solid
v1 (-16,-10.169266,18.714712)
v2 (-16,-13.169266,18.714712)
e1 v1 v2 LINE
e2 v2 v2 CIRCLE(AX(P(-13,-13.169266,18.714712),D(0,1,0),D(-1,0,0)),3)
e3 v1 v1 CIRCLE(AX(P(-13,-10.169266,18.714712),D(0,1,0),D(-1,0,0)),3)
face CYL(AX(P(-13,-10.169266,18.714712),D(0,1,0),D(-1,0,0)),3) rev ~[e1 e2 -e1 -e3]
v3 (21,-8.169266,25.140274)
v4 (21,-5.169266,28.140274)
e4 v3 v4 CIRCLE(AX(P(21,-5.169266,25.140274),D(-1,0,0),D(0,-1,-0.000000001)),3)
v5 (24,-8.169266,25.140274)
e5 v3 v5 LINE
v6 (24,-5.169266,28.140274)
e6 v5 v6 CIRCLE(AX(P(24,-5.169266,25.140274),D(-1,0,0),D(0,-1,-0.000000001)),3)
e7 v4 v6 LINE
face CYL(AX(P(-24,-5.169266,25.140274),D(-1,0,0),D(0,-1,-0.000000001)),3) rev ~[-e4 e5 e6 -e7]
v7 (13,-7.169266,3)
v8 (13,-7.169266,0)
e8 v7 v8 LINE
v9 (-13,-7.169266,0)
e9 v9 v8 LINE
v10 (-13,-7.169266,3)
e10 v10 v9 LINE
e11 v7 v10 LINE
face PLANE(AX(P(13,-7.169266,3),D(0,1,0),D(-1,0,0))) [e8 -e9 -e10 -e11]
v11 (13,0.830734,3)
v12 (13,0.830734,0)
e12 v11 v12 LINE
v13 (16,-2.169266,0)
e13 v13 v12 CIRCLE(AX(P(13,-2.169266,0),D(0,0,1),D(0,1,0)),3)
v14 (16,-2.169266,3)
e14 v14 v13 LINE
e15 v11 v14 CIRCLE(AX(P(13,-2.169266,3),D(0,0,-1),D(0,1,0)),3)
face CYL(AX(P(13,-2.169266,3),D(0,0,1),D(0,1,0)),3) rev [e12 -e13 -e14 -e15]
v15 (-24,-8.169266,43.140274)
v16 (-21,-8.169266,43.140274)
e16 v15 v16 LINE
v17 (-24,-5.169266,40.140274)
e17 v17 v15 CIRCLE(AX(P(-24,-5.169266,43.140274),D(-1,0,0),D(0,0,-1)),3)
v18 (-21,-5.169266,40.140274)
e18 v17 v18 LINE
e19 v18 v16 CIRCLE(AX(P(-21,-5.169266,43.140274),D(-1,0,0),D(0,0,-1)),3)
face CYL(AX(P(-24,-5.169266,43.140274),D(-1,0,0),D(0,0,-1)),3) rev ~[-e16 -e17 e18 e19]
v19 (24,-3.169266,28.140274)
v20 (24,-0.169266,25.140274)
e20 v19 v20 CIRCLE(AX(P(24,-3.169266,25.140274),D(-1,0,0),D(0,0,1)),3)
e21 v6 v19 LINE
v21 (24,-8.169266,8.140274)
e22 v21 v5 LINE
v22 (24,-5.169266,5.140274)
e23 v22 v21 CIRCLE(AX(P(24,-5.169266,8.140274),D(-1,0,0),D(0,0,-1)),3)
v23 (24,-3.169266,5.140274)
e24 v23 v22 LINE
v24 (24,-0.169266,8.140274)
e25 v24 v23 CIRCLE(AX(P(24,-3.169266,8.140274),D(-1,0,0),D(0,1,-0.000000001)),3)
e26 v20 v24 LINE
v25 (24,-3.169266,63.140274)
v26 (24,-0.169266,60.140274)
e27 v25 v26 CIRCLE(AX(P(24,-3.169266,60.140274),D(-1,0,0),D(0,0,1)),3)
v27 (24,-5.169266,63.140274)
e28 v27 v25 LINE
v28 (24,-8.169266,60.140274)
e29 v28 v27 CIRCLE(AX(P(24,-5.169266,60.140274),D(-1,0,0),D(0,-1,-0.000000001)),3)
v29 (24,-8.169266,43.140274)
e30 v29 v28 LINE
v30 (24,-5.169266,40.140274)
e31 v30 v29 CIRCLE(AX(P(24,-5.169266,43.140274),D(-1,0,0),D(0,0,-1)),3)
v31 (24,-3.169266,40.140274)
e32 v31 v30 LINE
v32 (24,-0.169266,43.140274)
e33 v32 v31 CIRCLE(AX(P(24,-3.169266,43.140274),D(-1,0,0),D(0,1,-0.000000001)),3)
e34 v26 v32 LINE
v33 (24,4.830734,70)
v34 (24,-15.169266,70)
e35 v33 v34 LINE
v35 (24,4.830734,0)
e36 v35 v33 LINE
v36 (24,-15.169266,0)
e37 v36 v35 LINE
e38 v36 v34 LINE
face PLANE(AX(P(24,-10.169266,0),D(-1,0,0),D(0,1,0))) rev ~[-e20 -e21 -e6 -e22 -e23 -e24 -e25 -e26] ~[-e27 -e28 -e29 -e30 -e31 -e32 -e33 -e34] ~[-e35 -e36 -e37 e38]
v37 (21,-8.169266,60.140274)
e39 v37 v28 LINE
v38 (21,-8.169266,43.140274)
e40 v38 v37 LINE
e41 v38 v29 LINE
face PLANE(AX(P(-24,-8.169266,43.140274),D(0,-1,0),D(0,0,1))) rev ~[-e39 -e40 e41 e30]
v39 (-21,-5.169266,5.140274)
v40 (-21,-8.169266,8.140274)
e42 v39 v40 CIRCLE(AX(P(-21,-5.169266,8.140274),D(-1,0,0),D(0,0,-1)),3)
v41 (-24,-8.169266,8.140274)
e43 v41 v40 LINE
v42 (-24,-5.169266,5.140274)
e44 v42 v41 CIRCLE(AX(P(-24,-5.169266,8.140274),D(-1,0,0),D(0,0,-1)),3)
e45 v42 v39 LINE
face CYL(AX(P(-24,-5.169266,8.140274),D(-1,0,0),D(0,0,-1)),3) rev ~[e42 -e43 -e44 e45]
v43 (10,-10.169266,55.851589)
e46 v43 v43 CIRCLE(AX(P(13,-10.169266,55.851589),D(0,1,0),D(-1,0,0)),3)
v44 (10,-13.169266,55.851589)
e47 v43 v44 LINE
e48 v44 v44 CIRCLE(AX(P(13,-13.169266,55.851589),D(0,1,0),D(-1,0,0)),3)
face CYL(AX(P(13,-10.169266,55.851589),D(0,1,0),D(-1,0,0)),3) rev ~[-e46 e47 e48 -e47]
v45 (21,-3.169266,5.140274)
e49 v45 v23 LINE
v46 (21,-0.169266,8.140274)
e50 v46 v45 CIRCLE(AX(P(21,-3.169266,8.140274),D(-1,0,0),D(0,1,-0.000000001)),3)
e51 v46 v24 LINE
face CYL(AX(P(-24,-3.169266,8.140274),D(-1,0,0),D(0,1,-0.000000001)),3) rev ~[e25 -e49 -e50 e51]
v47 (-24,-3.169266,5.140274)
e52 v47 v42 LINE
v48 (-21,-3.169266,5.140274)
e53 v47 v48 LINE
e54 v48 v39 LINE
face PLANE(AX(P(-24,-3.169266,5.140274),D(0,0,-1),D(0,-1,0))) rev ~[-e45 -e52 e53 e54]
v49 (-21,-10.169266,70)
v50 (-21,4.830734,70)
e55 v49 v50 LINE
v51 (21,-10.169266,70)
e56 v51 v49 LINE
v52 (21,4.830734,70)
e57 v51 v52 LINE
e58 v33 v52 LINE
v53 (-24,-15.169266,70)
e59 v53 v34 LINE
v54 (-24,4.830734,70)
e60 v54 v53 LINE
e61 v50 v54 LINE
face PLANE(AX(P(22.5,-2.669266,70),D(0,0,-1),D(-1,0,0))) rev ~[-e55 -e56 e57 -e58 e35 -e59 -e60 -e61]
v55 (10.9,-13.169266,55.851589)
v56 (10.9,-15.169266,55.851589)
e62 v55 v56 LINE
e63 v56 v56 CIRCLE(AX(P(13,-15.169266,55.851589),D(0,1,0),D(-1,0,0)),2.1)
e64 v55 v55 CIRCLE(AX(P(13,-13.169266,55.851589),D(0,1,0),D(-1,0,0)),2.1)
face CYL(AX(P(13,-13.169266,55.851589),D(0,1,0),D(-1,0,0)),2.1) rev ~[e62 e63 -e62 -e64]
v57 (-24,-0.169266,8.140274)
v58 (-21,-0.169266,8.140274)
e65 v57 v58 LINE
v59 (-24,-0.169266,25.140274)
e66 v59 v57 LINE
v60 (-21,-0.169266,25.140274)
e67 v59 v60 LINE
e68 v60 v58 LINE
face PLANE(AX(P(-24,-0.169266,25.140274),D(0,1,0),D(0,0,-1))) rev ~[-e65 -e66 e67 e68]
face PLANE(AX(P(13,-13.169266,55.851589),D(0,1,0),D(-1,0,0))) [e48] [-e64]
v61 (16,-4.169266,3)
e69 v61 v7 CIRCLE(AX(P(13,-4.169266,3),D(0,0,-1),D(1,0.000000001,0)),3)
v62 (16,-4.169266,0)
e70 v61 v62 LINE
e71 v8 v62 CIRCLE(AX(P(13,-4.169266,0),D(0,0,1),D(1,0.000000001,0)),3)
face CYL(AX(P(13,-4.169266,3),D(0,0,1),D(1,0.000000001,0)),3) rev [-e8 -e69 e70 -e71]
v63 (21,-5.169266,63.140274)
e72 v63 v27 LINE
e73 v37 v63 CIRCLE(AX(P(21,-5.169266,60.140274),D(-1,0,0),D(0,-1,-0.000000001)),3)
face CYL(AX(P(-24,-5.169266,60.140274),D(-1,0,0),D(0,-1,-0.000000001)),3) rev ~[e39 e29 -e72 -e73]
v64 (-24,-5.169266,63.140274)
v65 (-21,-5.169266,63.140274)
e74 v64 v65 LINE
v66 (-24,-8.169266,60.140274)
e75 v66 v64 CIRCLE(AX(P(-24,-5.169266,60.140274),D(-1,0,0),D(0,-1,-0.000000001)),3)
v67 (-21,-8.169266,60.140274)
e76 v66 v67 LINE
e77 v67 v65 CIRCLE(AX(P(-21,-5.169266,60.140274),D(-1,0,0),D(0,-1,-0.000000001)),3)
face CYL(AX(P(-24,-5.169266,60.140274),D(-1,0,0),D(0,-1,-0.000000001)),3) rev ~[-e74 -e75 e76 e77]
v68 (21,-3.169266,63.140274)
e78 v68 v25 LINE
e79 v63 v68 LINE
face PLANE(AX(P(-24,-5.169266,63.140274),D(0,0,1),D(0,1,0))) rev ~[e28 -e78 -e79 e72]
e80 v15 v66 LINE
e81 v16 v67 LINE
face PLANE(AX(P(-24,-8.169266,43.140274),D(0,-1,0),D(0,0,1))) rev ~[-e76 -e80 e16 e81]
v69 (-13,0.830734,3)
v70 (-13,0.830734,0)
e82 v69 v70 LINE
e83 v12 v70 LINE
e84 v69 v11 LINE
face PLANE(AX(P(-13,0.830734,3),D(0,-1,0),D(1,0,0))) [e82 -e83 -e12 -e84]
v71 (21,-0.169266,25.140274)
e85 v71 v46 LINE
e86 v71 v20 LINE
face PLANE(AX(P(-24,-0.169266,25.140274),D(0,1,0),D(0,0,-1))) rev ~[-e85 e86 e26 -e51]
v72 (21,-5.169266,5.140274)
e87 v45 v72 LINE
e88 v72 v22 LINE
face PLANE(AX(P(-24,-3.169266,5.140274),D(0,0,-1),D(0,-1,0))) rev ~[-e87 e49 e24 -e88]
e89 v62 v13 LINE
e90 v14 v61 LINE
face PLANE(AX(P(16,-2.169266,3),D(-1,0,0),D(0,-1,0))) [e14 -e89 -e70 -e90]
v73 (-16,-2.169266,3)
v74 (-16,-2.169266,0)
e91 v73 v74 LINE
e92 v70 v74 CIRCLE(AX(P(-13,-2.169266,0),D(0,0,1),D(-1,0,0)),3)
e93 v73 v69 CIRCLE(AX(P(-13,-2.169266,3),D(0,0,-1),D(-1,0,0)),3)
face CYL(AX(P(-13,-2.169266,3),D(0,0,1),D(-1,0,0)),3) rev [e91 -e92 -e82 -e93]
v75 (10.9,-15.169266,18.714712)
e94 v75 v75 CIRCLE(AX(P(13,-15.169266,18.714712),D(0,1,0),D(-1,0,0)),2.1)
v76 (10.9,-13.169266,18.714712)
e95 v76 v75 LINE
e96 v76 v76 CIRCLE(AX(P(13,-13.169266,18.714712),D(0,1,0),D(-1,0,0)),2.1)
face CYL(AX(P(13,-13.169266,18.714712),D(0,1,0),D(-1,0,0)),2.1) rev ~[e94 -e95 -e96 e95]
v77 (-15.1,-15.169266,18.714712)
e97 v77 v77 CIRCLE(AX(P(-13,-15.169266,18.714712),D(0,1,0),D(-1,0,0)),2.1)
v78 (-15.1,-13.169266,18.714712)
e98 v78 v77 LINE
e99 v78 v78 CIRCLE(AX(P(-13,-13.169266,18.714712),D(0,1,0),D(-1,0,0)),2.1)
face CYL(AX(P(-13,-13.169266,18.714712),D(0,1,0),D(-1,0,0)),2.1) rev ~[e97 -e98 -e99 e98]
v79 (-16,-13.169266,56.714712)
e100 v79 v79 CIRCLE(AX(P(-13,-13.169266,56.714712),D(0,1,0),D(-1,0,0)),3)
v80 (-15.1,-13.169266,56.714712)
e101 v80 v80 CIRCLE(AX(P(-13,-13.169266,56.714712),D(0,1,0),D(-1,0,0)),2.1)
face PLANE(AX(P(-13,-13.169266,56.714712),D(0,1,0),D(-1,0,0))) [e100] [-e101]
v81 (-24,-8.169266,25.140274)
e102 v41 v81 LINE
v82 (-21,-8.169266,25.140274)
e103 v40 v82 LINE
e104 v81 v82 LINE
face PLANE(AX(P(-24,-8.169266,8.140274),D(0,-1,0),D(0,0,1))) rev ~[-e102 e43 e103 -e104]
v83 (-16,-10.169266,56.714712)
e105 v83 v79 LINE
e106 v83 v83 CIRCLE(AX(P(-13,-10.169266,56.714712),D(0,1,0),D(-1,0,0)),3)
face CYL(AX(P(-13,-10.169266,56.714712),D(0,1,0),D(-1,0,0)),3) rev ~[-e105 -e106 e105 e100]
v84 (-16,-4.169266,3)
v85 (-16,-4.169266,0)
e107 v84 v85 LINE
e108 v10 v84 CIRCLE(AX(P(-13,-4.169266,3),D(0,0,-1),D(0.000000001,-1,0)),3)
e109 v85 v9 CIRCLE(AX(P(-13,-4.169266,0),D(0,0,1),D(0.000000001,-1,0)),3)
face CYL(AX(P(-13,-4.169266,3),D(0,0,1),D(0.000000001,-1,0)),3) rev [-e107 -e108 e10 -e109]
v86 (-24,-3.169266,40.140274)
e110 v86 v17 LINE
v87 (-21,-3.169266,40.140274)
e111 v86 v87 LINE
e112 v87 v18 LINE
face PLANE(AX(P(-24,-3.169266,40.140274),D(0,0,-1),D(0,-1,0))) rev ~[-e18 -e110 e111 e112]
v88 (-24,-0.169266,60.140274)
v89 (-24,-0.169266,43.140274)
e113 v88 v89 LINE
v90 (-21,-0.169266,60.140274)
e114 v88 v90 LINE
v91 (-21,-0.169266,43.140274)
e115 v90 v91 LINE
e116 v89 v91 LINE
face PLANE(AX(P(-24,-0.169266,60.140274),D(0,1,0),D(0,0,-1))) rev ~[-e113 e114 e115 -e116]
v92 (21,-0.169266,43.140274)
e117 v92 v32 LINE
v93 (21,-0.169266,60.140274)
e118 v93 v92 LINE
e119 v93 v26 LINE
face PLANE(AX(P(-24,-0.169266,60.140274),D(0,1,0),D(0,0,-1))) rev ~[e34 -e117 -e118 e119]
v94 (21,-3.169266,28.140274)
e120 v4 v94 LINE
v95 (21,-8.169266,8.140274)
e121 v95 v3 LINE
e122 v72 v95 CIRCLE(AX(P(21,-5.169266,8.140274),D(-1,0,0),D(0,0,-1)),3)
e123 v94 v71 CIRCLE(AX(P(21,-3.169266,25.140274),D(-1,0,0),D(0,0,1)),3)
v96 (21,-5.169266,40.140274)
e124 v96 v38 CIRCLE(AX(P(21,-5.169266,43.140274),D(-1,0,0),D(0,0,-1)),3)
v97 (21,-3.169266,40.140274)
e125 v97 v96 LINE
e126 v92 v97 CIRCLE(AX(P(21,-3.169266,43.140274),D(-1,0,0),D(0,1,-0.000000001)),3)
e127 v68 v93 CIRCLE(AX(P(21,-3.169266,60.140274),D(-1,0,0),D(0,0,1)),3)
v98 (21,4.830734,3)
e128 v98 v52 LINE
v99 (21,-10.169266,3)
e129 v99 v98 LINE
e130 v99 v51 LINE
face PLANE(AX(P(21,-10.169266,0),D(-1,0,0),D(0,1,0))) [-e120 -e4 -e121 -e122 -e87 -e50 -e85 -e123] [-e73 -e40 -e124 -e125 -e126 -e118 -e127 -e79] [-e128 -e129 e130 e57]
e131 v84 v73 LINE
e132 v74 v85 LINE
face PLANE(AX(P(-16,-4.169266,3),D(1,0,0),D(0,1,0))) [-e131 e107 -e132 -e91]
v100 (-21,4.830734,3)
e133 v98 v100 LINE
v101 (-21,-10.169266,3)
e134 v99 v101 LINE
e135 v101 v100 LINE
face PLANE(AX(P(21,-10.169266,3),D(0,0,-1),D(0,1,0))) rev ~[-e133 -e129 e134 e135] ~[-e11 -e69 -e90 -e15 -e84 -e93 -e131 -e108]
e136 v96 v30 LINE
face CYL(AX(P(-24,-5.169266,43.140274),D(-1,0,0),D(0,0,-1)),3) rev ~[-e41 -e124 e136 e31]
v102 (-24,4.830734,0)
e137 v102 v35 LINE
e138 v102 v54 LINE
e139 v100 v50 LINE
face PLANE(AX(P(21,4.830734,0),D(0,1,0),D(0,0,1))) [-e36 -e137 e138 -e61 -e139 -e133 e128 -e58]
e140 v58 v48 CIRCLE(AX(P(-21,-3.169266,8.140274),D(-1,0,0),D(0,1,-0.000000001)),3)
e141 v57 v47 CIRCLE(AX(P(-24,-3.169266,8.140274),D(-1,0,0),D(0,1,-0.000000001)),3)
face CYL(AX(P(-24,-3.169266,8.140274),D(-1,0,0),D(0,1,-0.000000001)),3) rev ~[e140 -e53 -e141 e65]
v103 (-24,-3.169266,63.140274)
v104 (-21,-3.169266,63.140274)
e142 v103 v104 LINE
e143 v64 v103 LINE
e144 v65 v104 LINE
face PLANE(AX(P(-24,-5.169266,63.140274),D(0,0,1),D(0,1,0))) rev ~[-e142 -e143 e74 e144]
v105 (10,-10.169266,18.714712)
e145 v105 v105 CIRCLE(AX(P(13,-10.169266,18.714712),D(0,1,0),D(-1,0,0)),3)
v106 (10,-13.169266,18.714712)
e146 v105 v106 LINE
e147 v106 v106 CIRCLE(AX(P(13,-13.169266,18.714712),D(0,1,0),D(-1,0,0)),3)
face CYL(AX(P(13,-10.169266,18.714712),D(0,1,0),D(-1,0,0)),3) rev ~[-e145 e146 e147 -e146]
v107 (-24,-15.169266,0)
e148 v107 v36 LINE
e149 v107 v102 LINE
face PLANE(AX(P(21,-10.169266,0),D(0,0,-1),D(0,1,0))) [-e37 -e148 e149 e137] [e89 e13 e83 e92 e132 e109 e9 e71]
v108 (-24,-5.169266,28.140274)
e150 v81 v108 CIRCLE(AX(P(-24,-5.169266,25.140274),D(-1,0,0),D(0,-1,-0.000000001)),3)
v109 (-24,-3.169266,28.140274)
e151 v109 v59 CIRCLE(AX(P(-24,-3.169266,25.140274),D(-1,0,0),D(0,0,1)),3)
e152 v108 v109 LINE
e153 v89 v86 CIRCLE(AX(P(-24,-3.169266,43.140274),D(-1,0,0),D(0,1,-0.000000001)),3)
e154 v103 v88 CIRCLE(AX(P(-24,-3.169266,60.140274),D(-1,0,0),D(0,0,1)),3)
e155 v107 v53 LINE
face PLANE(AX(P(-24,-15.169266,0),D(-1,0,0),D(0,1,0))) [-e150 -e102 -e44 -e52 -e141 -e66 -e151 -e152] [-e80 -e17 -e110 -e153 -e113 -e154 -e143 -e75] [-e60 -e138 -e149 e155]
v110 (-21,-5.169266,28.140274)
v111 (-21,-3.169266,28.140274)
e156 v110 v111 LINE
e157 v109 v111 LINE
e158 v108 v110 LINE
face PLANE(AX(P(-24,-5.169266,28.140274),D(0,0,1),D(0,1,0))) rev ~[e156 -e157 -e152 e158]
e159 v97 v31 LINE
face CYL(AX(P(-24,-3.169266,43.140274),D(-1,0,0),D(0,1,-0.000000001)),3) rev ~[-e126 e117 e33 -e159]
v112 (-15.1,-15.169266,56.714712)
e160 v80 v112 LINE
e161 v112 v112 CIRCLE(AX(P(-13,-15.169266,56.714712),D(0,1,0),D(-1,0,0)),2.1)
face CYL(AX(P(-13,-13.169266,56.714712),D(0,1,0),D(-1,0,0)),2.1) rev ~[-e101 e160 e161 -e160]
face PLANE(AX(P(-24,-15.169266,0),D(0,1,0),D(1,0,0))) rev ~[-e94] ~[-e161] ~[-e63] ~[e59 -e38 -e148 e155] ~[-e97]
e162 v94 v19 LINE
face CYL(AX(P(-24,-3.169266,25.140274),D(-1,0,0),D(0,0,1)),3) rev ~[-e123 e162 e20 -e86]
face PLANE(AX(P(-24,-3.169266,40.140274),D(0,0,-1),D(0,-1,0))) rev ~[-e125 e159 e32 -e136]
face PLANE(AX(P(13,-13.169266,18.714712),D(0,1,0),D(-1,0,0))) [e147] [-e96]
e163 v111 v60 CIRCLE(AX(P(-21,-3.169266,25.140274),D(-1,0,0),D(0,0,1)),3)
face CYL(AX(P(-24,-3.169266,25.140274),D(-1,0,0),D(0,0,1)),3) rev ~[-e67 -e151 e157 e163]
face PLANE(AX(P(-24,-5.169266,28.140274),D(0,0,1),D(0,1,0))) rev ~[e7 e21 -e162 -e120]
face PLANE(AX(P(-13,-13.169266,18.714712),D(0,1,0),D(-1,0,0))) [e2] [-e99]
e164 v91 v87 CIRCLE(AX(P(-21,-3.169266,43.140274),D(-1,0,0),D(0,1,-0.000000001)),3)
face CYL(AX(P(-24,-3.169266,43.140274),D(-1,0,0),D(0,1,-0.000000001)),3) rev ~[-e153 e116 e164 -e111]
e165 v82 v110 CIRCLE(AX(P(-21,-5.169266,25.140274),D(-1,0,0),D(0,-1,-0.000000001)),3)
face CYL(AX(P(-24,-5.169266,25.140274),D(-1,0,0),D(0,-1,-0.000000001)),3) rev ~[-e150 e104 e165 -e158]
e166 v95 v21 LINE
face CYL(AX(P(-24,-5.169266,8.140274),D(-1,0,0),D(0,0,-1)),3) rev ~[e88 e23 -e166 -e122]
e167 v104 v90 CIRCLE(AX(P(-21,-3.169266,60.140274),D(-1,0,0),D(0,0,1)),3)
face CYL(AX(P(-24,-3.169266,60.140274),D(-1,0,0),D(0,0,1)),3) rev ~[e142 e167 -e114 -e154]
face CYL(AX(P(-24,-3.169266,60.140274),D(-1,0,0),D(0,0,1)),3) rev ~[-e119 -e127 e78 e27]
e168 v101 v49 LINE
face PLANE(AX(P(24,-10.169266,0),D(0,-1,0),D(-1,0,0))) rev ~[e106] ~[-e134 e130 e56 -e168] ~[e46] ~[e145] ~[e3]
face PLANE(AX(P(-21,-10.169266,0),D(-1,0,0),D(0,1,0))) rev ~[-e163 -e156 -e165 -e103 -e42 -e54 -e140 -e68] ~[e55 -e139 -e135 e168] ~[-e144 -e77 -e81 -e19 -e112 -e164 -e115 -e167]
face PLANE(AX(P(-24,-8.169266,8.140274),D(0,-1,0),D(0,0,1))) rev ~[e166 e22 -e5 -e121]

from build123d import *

# Parameters (mm, degrees)
EXTRUDE_1_DEPTH     = 70
SKETCH_2_W          = 3
SKETCH_2_H          = 15
EXTRUDE_2_DEPTH     = 70
EXTRUDE_3_REACH     = 86.588
SKETCH_3_W          = 3
SKETCH_3_H          = 15
CUT_EXTRUDE_1_DEPTH = 87.22126548
CUT_EXTRUDE_2_DEPTH = 73.767483267
SKETCH_6_R          = 3
CUT_EXTRUDE_3_DEPTH = 3
SKETCH_7_R          = 2.1
CUT_EXTRUDE_4_DEPTH = 77.157731059


with BuildPart() as part:
    # 草图1 → 凸台-拉伸1 (new body)
    with BuildSketch(Plane.XY):
        Polygon((0, -15.16926567), (-24, -15.16926567), (-24, -10.16926567), (0, -10.16926567), (24, -10.16926567), (24, -15.16926567), align=None)
    extrude(amount=EXTRUDE_1_DEPTH)

    # 草图2 → 凸台-拉伸2 (add)
    with BuildSketch(Plane(origin=(0, 0, 0), x_dir=(-1, 0, 0), z_dir=(0, 0, -1))):
        with Locations((-22.5, -2.66926567)):
            Rectangle(SKETCH_2_W, SKETCH_2_H)
        with Locations((22.5, -2.66926567)):
            Rectangle(SKETCH_2_W, SKETCH_2_H)
    extrude(amount=-EXTRUDE_2_DEPTH)

    # 草图3 → 凸台-拉伸3 (add, up to next)
    with BuildSketch(Plane.ZY.offset(-21), mode=Mode.PRIVATE) as extrude_3_sk1:
        with Locations((1.5, -2.66926567)):
            Rectangle(SKETCH_3_W, SKETCH_3_H)
    extrude_3_tool1 = extrude(extrude_3_sk1.sketch, amount=EXTRUDE_3_REACH, mode=Mode.PRIVATE) - part.part
    add(extrude_3_tool1.solids().sort_by_distance((21, -2.669266, 1.5))[0])

    # 草图4 → 切除-拉伸1 (cut, through all)
    with BuildSketch(Plane.ZY.offset(24)):
        with BuildLine():
            Line((5.140274164, -3.16926567), (5.140274164, -5.16926567))
            ThreePointArc((5.140274164, -5.16926567), (6.018953821, -7.290586014), (8.140274164, -8.16926567))
            Line((8.140274164, -8.16926567), (25.140274164, -8.16926567))
            ThreePointArc((25.140274164, -8.16926567), (27.261594508, -7.290586014), (28.140274164, -5.16926567))
            Line((28.140274164, -5.16926567), (28.140274164, -3.16926567))
            ThreePointArc((28.140274164, -3.16926567), (27.261594508, -1.047945327), (25.140274164, -0.16926567))
            Line((25.140274164, -0.16926567), (8.140274164, -0.16926567))
            ThreePointArc((8.140274164, -0.16926567), (6.018953821, -1.047945327), (5.140274164, -3.16926567))
        make_face()
        with BuildLine():
            Line((40.140274164, -3.16926567), (40.140274164, -5.16926567))
            ThreePointArc((40.140274164, -5.16926567), (41.018953821, -7.290586014), (43.140274164, -8.16926567))
            Line((43.140274164, -8.16926567), (60.140274164, -8.16926567))
            ThreePointArc((60.140274164, -8.16926567), (62.261594508, -7.290586014), (63.140274164, -5.16926567))
            Line((63.140274164, -5.16926567), (63.140274164, -3.16926567))
            ThreePointArc((63.140274164, -3.16926567), (62.261594508, -1.047945327), (60.140274164, -0.16926567))
            Line((60.140274164, -0.16926567), (43.140274164, -0.16926567))
            ThreePointArc((43.140274164, -0.16926567), (41.018953821, -1.047945327), (40.140274164, -3.16926567))
        make_face()
    extrude(amount=-CUT_EXTRUDE_1_DEPTH, mode=Mode.SUBTRACT)

    # 草图5 → 切除-拉伸2 (cut, through all)
    with BuildSketch(Plane.XY.offset(3)):
        with BuildLine():
            Line((-13, 0.83073433), (13, 0.83073433))
            ThreePointArc((13, 0.83073433), (15.121320344, -0.047945327), (16, -2.16926567))
            Line((16, -2.16926567), (16, -4.16926567))
            ThreePointArc((16, -4.16926567), (15.121320344, -6.290586014), (13, -7.16926567))
            Line((13, -7.16926567), (-13, -7.16926567))
            ThreePointArc((-13, -7.16926567), (-15.121320344, -6.290586014), (-16, -4.16926567))
            Line((-16, -4.16926567), (-16, -2.16926567))
            ThreePointArc((-16, -2.16926567), (-15.121320344, -0.047945327), (-13, 0.83073433))
        make_face()
    extrude(amount=-CUT_EXTRUDE_2_DEPTH, mode=Mode.SUBTRACT)

    # 草图6 → 切除-拉伸3 (cut)
    with BuildSketch(Plane(origin=(0, -10.16926567, 0), x_dir=(1, 0, 0), z_dir=(0, 1, 0))):
        with Locations(Location((-13, -18.714712401, 0), (0, 0, 180))):
            Circle(SKETCH_6_R)
        with Locations(Location((13, -18.714712401, 0), (0, 0, 180))):
            Circle(SKETCH_6_R)
        with Locations(Location((-13, -56.714712401, 0), (0, 0, 180))):
            Circle(SKETCH_6_R)
        with Locations(Location((13, -55.851588753, 0), (0, 0, 180))):
            Circle(SKETCH_6_R)
    extrude(amount=-CUT_EXTRUDE_3_DEPTH, mode=Mode.SUBTRACT)

    # 草图7 → 切除-拉伸4 (cut, through all)
    with BuildSketch(Plane(origin=(0, -13.16926567, 0), x_dir=(1, 0, 0), z_dir=(0, 1, 0))):
        with Locations(Location((-13, -18.714712401, 0), (0, 0, 180))):
            Circle(SKETCH_7_R)
        with Locations(Location((13, -18.714712401, 0), (0, 0, 180))):
            Circle(SKETCH_7_R)
        with Locations(Location((13, -55.851588753, 0), (0, 0, 180))):
            Circle(SKETCH_7_R)
        with Locations(Location((-13, -56.714712401, 0), (0, 0, 180))):
            Circle(SKETCH_7_R)
    extrude(amount=-CUT_EXTRUDE_4_DEPTH, mode=Mode.SUBTRACT)


solid = part.part
